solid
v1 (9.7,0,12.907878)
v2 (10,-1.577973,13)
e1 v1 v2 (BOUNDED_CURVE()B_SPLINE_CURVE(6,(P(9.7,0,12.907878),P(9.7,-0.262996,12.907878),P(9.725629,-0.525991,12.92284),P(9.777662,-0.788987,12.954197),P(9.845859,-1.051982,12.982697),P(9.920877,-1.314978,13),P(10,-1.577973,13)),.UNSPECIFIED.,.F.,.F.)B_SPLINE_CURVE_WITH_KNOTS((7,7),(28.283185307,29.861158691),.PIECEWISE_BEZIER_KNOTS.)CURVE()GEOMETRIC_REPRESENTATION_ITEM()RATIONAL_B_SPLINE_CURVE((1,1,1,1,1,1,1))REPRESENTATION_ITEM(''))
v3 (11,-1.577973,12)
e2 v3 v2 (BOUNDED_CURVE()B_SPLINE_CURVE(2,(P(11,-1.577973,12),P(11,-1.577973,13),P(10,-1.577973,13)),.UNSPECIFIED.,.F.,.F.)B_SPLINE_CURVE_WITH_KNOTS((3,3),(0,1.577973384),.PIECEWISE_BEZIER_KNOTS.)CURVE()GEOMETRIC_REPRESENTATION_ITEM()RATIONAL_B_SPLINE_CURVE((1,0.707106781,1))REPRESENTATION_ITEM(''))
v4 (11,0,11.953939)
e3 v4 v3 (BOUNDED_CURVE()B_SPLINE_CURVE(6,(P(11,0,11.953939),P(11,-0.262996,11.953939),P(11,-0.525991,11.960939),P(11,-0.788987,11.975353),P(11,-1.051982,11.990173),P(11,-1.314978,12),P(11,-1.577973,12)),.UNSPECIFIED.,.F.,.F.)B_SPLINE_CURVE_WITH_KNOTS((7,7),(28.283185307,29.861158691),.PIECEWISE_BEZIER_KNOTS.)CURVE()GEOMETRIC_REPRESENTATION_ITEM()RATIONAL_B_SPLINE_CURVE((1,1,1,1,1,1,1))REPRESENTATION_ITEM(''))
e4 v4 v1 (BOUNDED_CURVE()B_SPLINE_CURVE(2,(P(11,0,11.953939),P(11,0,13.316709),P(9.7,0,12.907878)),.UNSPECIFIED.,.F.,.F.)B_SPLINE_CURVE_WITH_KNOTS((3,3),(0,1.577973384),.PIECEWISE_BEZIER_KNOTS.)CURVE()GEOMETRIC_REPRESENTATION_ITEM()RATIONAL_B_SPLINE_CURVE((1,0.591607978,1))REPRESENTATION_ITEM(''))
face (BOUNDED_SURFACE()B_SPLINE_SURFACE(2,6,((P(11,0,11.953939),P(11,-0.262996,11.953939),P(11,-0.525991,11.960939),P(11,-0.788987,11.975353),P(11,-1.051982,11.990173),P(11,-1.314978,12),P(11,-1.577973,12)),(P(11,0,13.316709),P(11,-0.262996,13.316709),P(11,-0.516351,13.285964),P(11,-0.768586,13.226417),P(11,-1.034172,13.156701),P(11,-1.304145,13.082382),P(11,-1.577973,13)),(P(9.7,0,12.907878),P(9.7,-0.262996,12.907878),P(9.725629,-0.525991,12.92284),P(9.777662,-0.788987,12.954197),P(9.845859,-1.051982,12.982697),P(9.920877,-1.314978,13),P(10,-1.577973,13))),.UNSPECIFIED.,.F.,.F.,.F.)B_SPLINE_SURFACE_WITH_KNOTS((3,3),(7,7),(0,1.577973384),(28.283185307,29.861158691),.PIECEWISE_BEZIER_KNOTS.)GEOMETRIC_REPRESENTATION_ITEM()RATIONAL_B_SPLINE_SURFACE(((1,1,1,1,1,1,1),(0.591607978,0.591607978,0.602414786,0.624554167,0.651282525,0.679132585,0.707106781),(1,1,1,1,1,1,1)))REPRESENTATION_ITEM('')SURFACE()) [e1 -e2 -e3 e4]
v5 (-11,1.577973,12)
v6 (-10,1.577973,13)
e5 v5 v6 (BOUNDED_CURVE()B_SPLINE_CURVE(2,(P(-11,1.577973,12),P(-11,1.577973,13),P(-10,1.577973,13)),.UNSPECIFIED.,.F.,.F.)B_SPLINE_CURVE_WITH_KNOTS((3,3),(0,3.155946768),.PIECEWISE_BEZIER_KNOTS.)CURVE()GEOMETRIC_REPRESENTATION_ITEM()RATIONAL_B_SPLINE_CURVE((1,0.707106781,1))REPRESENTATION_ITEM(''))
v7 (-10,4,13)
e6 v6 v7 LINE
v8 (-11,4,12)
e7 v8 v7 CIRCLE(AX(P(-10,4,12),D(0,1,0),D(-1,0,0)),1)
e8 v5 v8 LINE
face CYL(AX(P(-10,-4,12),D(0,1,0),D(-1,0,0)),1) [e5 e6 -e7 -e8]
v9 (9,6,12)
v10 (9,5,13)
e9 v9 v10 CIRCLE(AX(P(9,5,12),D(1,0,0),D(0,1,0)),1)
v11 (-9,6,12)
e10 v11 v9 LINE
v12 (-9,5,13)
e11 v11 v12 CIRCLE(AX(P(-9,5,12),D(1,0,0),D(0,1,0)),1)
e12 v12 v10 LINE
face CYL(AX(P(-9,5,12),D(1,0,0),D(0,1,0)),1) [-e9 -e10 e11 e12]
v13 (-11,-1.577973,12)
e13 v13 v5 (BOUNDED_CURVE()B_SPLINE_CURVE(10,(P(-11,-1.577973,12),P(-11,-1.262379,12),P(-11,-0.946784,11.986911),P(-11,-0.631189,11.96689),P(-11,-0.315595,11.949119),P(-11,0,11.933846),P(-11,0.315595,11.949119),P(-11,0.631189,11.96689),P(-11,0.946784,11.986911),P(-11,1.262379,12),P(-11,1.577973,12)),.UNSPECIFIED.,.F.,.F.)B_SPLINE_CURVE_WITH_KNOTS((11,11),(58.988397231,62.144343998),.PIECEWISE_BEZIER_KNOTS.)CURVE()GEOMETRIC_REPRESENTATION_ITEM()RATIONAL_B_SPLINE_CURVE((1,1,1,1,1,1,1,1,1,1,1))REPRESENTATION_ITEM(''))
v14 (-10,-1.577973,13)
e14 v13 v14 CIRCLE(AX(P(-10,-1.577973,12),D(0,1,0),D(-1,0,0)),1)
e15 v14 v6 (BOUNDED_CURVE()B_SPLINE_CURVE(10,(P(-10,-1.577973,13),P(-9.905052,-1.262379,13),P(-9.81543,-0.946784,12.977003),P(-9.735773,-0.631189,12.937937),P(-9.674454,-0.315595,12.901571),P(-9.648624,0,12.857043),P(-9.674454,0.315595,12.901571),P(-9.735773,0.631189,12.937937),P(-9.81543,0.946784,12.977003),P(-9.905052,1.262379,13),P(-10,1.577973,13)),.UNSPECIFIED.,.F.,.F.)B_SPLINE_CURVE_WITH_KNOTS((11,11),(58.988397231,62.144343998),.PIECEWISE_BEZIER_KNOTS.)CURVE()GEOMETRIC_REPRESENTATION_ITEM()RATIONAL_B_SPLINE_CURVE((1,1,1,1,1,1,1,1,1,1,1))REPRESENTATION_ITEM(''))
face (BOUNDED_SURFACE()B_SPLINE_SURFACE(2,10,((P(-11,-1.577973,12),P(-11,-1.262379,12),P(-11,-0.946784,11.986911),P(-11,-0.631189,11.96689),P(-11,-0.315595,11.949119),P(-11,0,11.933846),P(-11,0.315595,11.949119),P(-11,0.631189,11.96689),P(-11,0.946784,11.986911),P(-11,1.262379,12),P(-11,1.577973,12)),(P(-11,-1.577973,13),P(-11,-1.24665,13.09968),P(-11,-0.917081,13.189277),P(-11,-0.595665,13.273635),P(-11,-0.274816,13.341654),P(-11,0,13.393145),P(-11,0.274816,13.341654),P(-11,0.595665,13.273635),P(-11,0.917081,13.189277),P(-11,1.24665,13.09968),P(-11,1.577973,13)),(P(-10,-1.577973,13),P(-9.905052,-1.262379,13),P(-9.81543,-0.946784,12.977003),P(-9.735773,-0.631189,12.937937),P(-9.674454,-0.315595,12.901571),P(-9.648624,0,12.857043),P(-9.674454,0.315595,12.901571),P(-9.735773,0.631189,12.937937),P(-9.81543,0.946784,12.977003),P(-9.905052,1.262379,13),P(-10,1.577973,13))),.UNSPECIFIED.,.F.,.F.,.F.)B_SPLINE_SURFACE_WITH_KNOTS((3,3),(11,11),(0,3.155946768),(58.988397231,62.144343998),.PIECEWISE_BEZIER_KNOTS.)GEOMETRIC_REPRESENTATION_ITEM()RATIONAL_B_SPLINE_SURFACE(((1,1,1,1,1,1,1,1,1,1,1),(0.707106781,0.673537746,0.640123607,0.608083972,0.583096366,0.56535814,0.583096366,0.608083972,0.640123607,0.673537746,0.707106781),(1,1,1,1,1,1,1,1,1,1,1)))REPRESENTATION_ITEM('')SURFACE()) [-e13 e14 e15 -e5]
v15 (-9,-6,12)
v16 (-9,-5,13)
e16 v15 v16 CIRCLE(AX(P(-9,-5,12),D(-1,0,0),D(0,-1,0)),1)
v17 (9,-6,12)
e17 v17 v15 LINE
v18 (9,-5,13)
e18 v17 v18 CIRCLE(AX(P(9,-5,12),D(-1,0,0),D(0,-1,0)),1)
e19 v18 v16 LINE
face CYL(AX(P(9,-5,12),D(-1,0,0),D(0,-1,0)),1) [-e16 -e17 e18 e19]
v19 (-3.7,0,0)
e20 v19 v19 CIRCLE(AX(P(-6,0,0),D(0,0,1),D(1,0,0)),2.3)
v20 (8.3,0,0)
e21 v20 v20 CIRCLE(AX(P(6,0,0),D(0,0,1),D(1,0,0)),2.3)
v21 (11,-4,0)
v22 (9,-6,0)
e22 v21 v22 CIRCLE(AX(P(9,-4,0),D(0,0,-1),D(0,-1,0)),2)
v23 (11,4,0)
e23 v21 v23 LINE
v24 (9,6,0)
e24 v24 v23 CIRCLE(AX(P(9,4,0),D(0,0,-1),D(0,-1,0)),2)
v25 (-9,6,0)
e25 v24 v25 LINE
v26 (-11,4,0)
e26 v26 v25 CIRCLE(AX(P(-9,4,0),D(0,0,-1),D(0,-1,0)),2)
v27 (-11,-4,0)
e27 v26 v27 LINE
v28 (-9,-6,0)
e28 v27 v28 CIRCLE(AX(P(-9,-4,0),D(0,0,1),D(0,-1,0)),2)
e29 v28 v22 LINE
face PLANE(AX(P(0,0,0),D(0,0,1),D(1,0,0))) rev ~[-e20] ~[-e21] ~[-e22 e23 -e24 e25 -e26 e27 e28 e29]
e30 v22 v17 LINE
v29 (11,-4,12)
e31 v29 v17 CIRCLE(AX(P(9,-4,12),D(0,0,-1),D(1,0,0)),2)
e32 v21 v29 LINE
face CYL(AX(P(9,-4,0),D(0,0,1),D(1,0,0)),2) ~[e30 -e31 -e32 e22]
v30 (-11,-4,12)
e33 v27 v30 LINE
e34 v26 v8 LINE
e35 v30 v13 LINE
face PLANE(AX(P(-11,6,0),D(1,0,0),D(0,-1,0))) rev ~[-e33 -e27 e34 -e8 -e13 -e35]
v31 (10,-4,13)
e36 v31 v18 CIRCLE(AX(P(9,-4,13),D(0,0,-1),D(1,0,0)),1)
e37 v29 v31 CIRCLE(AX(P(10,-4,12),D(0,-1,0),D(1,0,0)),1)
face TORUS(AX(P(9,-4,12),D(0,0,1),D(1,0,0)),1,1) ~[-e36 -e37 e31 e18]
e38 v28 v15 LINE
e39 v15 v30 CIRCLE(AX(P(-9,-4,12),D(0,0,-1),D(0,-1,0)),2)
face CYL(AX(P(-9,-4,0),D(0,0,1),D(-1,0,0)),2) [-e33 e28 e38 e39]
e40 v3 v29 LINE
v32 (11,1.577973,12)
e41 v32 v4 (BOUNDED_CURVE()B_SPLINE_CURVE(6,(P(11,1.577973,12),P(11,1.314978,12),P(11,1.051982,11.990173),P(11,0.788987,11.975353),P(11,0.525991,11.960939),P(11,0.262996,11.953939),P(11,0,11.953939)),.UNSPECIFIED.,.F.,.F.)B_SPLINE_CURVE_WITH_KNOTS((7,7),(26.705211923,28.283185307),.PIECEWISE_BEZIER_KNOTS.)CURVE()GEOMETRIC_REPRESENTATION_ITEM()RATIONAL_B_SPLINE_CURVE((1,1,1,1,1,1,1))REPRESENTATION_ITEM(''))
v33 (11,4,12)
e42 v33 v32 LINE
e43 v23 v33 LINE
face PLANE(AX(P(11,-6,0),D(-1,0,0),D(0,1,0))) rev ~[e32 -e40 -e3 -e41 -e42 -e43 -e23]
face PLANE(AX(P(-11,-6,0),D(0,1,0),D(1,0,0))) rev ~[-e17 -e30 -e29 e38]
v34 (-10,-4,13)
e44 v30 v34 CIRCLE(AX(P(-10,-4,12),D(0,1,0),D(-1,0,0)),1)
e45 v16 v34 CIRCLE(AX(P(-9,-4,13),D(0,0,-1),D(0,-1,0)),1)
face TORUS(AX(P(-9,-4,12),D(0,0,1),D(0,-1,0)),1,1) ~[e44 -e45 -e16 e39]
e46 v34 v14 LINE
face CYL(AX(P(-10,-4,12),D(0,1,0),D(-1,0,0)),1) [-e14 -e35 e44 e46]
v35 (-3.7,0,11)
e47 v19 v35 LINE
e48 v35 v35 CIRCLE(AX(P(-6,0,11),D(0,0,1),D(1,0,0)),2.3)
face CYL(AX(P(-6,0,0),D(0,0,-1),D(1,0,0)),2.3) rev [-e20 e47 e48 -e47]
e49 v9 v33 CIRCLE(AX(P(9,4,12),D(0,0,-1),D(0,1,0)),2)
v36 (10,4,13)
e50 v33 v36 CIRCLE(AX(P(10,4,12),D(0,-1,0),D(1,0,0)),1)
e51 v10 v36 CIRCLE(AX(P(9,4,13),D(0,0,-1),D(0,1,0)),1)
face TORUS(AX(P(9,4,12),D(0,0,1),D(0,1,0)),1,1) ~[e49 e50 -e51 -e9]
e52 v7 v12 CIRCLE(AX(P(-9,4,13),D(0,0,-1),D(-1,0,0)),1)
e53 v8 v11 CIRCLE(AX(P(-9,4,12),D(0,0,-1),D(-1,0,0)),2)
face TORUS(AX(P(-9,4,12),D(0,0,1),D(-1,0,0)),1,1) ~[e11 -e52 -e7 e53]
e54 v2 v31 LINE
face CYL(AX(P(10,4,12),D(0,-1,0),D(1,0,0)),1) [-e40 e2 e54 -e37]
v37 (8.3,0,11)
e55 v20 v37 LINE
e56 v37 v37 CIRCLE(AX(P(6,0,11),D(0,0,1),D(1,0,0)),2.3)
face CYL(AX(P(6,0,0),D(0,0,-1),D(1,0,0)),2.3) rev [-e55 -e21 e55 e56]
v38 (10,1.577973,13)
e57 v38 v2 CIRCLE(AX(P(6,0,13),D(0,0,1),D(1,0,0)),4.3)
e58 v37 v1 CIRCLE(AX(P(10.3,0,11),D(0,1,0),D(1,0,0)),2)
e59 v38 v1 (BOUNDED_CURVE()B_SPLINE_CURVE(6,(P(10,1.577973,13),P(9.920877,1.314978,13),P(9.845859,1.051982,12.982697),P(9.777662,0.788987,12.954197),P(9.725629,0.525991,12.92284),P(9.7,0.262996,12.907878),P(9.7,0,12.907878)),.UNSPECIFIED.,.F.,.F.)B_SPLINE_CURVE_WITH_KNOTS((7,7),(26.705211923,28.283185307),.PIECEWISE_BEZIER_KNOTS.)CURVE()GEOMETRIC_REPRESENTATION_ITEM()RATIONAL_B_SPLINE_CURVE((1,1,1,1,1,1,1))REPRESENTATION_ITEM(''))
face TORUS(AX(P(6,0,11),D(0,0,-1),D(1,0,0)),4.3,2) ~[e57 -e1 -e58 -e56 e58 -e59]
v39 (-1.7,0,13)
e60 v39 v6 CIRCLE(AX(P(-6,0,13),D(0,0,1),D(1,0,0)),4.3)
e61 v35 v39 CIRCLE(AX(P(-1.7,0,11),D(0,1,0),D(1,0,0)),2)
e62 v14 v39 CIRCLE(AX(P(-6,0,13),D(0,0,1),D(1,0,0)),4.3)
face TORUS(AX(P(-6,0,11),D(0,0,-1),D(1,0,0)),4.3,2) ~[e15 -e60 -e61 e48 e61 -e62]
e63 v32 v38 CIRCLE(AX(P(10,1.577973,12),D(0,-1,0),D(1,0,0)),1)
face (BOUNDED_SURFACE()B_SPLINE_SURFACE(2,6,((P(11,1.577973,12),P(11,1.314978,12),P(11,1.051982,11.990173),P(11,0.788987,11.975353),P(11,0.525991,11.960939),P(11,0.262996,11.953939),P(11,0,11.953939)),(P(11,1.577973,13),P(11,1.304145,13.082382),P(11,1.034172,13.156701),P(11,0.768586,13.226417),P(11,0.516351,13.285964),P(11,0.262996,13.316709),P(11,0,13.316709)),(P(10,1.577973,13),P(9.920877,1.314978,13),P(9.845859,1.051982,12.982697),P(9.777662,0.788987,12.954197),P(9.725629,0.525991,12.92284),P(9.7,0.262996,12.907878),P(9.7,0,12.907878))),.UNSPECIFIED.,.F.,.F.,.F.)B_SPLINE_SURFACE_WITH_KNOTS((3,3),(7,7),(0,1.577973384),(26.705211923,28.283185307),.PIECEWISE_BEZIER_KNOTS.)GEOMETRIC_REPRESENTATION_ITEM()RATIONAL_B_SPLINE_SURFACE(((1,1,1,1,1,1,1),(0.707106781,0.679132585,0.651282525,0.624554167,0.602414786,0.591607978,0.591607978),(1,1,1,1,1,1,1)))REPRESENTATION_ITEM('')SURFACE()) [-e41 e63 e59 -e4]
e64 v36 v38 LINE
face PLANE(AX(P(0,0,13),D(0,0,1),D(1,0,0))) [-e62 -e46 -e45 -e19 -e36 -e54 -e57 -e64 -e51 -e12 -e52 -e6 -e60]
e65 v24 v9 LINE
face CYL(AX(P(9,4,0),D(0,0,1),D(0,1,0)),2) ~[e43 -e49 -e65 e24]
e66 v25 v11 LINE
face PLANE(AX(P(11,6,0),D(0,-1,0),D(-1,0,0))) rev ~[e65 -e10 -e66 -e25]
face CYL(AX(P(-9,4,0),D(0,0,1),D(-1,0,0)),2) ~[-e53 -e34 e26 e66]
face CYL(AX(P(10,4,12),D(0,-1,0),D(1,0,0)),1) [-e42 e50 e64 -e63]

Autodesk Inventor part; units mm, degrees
ref_plane "YZ Plane" through (0, 0, 0) normal (1, 0, 0) x (0, 1, 0)
ref_plane "XZ Plane" through (0, 0, 0) normal (0, 1, 0) x (-1, 0, 0)
ref_plane "XY Plane" through (0, 0, 0) normal (0, 0, 1) x (1, 0, 0)
sketch "Sketch1" plane through (0, 0, 0) normal (0, 0, 1) x (1, 0, 0)
  line L0 (-11, -6) -> (11, -6)
  line L1 (11, -6) -> (11, 6)
  line L2 (11, 6) -> (-11, 6)
  line L3 (-11, 6) -> (-11, -6)
  line L4 (-11, -6) -> (11, 6) construction
  line L5 (11, -6) -> (-11, 6) construction
  circle A0 centre (-6, 0) radius 2.3
  circle A1 centre (6, 0) radius 2.3
  line L6 (-6, 0) -> (0, 0) construction
  line L7 (0, 0) -> (6, 0) construction
  dimension "d0" = 12
  dimension "d1" = 4.6
  dimension "d2" = 12
  dimension "d3" = 5
extrude "Extrusion1" add sketch "Sketch1" along normal blind 13
fillet "Fillet1" radius 2 6 edges at (11, 6, 6.5) (11, -6, 6.5) (-11, 6, 6.5) (-11, -6, 6.5) (-8.3, 0, 13) (3.7, 0, 13)
fillet "Fillet2" radius 1 8 edges at (-10.4142, 5.4142, 13) (-11, 0, 13) (-10.4142, -5.4142, 13) (0, -6, 13) (10.4142, -5.4142, 13) (11, 0, 13) (10.4142, 5.4142, 13) (0, 6, 13)
properties part number "spacer"
